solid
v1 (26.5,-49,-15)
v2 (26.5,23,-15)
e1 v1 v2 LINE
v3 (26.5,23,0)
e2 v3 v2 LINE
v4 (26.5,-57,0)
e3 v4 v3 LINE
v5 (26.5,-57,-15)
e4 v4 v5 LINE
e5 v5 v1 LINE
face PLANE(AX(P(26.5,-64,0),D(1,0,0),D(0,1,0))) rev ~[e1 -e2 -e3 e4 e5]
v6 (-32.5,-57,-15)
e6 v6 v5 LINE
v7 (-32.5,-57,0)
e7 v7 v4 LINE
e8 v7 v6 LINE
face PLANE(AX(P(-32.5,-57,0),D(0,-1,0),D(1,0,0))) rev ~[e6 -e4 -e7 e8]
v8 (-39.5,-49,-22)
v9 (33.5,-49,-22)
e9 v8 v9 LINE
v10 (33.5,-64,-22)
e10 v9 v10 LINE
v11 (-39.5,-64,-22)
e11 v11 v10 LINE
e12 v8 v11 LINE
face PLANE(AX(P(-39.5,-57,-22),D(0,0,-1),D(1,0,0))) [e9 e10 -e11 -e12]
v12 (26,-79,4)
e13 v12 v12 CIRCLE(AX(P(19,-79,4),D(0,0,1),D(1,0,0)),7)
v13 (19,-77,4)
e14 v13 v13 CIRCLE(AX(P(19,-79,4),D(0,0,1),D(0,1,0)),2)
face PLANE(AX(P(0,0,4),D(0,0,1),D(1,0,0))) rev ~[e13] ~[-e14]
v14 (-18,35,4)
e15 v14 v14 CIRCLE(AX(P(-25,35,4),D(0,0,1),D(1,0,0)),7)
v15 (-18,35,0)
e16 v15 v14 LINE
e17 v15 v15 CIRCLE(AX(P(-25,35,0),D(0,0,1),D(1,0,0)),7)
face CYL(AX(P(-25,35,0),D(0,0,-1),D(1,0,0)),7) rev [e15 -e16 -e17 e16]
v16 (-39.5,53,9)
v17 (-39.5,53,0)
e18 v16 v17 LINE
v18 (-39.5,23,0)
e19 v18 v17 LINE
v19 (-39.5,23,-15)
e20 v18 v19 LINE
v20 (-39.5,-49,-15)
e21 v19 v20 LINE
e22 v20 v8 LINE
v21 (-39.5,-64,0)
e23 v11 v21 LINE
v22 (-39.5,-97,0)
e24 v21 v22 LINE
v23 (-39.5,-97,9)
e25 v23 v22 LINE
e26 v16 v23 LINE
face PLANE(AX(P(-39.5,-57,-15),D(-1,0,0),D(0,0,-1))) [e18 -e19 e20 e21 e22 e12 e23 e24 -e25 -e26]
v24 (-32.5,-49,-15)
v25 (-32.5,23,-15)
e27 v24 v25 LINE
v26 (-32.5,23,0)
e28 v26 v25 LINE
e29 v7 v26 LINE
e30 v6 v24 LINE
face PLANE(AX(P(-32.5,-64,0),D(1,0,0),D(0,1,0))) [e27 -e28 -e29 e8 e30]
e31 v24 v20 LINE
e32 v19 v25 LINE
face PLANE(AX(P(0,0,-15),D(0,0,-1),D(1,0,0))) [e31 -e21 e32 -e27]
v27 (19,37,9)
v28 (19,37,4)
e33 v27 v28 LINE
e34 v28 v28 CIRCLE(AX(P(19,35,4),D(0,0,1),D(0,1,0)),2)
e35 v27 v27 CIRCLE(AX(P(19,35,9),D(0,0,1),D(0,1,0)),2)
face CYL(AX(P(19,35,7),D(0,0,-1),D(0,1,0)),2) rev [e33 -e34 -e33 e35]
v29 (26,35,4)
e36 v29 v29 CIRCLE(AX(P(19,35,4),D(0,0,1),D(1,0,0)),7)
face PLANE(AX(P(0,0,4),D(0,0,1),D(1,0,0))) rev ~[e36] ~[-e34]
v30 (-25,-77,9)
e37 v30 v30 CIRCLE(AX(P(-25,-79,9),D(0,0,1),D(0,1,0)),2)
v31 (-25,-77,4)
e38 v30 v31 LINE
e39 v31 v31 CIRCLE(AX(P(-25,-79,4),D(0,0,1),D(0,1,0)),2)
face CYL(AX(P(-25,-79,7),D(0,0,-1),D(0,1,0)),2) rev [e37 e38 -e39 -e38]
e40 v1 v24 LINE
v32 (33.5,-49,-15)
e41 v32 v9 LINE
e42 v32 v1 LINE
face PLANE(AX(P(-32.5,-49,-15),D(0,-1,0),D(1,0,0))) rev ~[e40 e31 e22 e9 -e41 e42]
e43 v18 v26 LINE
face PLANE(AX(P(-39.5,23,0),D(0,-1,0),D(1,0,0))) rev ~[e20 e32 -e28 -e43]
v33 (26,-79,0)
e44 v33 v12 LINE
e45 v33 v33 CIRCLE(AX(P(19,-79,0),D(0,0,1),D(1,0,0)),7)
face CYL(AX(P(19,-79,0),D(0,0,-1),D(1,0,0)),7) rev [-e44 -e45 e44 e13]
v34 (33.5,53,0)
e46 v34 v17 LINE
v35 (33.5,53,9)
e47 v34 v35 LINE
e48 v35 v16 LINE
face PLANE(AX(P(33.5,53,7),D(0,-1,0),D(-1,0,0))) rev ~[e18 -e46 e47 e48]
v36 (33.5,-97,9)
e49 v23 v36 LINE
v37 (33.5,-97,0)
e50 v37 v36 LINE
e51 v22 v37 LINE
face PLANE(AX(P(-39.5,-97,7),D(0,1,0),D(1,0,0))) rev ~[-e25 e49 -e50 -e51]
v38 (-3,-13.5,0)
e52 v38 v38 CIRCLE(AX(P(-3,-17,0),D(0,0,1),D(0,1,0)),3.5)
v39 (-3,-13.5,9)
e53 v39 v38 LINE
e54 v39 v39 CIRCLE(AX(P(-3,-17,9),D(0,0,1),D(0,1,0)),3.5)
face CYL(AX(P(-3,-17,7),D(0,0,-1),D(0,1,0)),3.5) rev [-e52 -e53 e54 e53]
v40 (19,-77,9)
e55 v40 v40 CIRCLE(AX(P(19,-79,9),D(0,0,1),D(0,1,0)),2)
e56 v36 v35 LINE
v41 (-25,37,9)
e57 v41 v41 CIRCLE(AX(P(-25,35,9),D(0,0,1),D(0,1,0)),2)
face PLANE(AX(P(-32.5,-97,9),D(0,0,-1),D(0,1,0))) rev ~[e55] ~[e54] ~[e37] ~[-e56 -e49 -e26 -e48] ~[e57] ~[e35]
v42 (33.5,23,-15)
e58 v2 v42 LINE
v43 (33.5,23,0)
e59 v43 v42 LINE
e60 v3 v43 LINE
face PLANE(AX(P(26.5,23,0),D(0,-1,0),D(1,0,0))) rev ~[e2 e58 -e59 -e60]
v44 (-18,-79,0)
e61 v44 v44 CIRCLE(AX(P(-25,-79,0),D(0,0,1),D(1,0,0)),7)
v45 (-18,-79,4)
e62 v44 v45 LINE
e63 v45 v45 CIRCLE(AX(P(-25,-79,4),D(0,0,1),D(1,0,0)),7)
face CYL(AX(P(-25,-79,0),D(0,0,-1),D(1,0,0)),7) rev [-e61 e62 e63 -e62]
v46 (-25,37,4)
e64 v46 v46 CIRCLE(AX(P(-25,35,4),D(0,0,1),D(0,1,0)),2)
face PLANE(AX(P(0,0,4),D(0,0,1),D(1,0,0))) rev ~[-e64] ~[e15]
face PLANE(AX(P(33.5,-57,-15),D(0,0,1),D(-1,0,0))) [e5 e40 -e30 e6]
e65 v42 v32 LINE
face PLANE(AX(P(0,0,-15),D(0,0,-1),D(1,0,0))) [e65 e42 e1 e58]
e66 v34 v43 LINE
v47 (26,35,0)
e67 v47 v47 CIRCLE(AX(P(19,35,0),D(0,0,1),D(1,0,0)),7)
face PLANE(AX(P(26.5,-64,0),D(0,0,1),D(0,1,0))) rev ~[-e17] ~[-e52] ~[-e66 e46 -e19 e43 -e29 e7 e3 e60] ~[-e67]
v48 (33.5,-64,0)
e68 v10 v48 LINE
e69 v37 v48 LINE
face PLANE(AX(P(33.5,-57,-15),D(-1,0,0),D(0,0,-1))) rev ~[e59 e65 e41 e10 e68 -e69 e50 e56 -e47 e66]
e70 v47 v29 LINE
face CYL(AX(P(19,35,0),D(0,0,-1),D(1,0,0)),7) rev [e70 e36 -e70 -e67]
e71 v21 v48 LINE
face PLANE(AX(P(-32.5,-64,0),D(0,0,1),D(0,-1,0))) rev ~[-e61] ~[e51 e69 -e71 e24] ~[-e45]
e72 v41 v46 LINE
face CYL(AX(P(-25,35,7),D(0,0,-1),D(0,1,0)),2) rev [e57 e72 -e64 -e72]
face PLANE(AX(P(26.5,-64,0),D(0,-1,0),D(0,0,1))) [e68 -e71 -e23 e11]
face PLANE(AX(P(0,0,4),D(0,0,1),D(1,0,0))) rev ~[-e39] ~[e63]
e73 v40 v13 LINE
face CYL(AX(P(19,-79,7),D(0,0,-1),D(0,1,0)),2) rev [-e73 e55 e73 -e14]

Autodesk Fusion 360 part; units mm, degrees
sketch "Sketch1" plane through (0, 0, 0) normal (0, 0, 1) x (1, 0, 0)
  line L0 (-25, 35) -> (19, 35)
  line L1 (19, 35) -> (19, -79)
  line L2 (19, -79) -> (-25, -79)
  line L3 (-25, -79) -> (-25, 35)
  line L4 (-25, 35) -> (-32.5, 35)
  line L5 (-32.5, 35) -> (-32.5, 42.5)
  line L6 (-32.5, 42.5) -> (-25, 42.5)
  line L7 (-25, 42.5) -> (-25, 35)
  line L8 (-32.5, 42.5) -> (26.5, 42.5)
  line L9 (26.5, 42.5) -> (26.5, -86.5)
  line L10 (26.5, -86.5) -> (-32.5, -86.5)
  line L11 (-32.5, -86.5) -> (-32.5, 42.5)
  dimension "d1" = 44
  dimension "d2" = 114
  dimension "d3" = 7.5
  dimension "d4" = 7.5
  dimension "d5" = 59
  dimension "d6" = 129
extrude "Extrude1" add sketch "Sketch1" along normal blind 7 contours L0 L1 L2 L3 | L4 L7 L8 L9 L10 L11 | L4 L5 L6 L7 L8 L11 makes body 1
sketch "Sketch2" plane through (0, 0, 0) normal (0, 0, 1) x (1, 0, 0)
  circle A0 centre (-25, -79) radius 7
  circle A1 centre (19, -79) radius 7
  circle A2 centre (19, 35) radius 7
  circle A3 centre (-25, 35) radius 7
  point P0 (-25, -79)
  point P1 (19, -79)
  point P2 (19, 35)
  point P3 (-25, 35)
  dimension "d9" = 14
  dimension "d10" = 14
  dimension "d11" = 14
  dimension "d12" = 14
extrude "Extrude2" cut sketch "Sketch2" along normal blind 4 contours A0 bodies 1
extrude "Extrude3" cut sketch "Sketch2" along normal blind 4 contours A1 bodies 1
extrude "Extrude4" cut sketch "Sketch2" along normal blind 4 contours A3 bodies 1
extrude "Extrude5" cut sketch "Sketch2" along normal blind 4 contours A2 bodies 1
sketch "Sketch3" plane through (0, 0, 0) normal (0, 0, 1) x (1, 0, 0)
hole "Hole1" at (-25, -79, 4) direction (0, 0, 1) diameter 4 depth 10 tip angle 118 bodies 1
hole "Hole2" at (19, -79, 4) direction (0, 0, 1) diameter 4 depth 10 tip angle 118 bodies 1
hole "Hole3" at (19, 35, 4) direction (0, 0, 1) diameter 4 depth 10 tip angle 118 bodies 1
hole "Hole4" at (-25, 35, 4) direction (0, 0, 1) diameter 4 depth 10 tip angle 118 bodies 1
extrude "Extrude6" add 1 faces at (-12.8333, 42.5, 2.3333) along direction (0, 1, 0) blind 10.5 on bodies 1 bodies 1
extrude "Extrude7" add 1 faces at (6.8333, -86.5, 2.3333) along direction (0, -1, 0) blind 10.5 on bodies 1 bodies 1
sketch "Sketch4" plane through (0, 0, 0) normal (0, 0, -1) x (1, 0, 0)
  circle A0 centre (19, -35) radius 7
  circle A1 centre (-25, -35) radius 7
  circle A2 centre (19, 79) radius 7
  circle A3 centre (-25, 79) radius 7
  line L0 (-32.5, 97) -> (-32.5, -53)
  line L1 (-32.5, -53) -> (26.5, -53)
  line L2 (26.5, -53) -> (26.5, 97)
  line L3 (26.5, 97) -> (-32.5, 97)
  line L4 (-32.5, -53) -> (26.5, -53)
  line L5 (26.5, -53) -> (26.5, 17)
  line L6 (26.5, 17) -> (-32.5, 17)
  line L7 (-32.5, 17) -> (-32.5, -53)
  line L8 (-32.5, 17) -> (-3, 17)
  line L9 (26.5, 17) -> (-3, 17)
  dimension "d37" = 70
hole "Hole5" at (-3, -17, 0) direction (0, 0, 1) diameter 7 depth 10 tip angle 118 bodies 1
sketch "Sketch5" plane through (0, 0, 0) normal (0, 0, -1) x (1, 0, 0)
  line L0 (26.5, 17) -> (-32.5, 17)
  line L1 (-32.5, 17) -> (-32.5, -23)
  line L2 (-32.5, -23) -> (26.5, -23)
  line L3 (26.5, -23) -> (26.5, 17)
  point P0 (26.5, 17)
  dimension "d41" = 59
  dimension "d42" = 40
sketch "Sketch6" plane through (0, 0, 7) normal (0, 0, 1) x (-1, 0, 0)
  circle A0 centre (3, 17) radius 3.5
  circle A1 centre (25, -35) radius 2
  circle A2 centre (-19, -35) radius 2
  circle A3 centre (-19, 79) radius 2
  circle A4 centre (25, 79) radius 2
  line L0 (-26.5, 97) -> (-26.5, -53)
  line L1 (-26.5, -53) -> (32.5, -53)
  line L2 (32.5, -53) -> (32.5, 97)
  line L3 (32.5, 97) -> (-26.5, 97)
  line L4 (-26.5, 17) -> (32.5, 17)
  line L5 (32.5, 17) -> (32.5, 57)
  line L6 (32.5, 57) -> (-26.5, 57)
  line L7 (-26.5, 57) -> (-26.5, 17)
  line L8 (32.5, 57) -> (-26.5, 57)
  line L9 (-26.5, 57) -> (-26.5, 64)
  line L10 (-26.5, 64) -> (32.5, 64)
  line L11 (32.5, 64) -> (32.5, 57)
  point P0 (-26.5, 17)
  dimension "d43" = 40
  dimension "d44" = 7
sketch "Sketch7" plane through (-32.5, 0, 0) normal (-1, 0, 0) x (0, -1, 0)
  line L0 (-53, 0) -> (97, 0)
  line L1 (97, 0) -> (97, 7)
  line L2 (97, 7) -> (-53, 7)
  line L3 (-53, 7) -> (-53, 0)
  line L4 (57, 7) -> (64, 7)
  line L5 (64, 7) -> (64, 0)
  line L6 (64, 0) -> (57, 0)
  line L7 (57, 0) -> (57, 7)
  point P0 (57, 7)
sketch "Sketch8" plane through (26.5, 0, 0) normal (1, 0, 0) x (0, 1, 0)
  line L0 (-97, 0) -> (53, 0)
  line L1 (53, 0) -> (53, 7)
  line L2 (53, 7) -> (-97, 7)
  line L3 (-97, 7) -> (-97, 0)
  line L4 (-64, 7) -> (-57, 7)
  line L5 (-57, 7) -> (-57, 0)
  line L6 (-57, 0) -> (-64, 0)
  line L7 (-64, 0) -> (-64, 7)
  point P0 (-64, 7)
  point P1 (-57, 0)
extrude "Extrude8" add sketch "Sketch8" along normal blind 7 separate body contours L0 L2 L4 L5 L6 L7 | L0 L1 L2 L5 makes body 2
sketch "Sketch9" plane through (0, 0, 0) normal (0, 0, -1) x (1, 0, 0)
  line L0 (-32.5, 57) -> (26.5, 57)
  line L1 (26.5, 57) -> (26.5, 64)
  line L2 (26.5, 64) -> (-32.5, 64)
  line L3 (-32.5, 64) -> (-32.5, 57)
  point P0 (-32.5, 57)
  point P1 (26.5, 64)
extrude "Extrude9" add sketch "Sketch7" along normal blind 7 separate body contours L0 L2 L3 L7 | L0 L2 L4 L5 L6 L7 makes body 3
sketch "Sketch10" plane through (0, 0, 0) normal (0, 0, -1) x (1, 0, 0)
  line L0 (26.5, 64) -> (26.5, -53)
  line L1 (26.5, -53) -> (33.5, -53)
  line L2 (33.5, -53) -> (33.5, 64)
  line L3 (33.5, 64) -> (26.5, 64)
  line L4 (-32.5, -53) -> (-39.5, -53)
  line L5 (-39.5, -53) -> (-39.5, -23)
  line L6 (-39.5, -23) -> (-32.5, -23)
  line L7 (-32.5, -23) -> (-32.5, -53)
  line L8 (33.5, -53) -> (26.5, -53)
  line L9 (26.5, -53) -> (26.5, -23)
  line L10 (26.5, -23) -> (33.5, -23)
  line L11 (33.5, -23) -> (33.5, -53)
  line L12 (-32.5, -23) -> (-39.5, -23)
  line L13 (-39.5, -23) -> (-39.5, 64)
  line L14 (-39.5, 64) -> (-32.5, 64)
  line L15 (-32.5, 64) -> (-32.5, -23)
  line L16 (33.5, -23) -> (26.5, -23)
  line L17 (26.5, -23) -> (26.5, 64)
  line L18 (26.5, 64) -> (33.5, 64)
  line L19 (33.5, 64) -> (33.5, -23)
  point P0 (-32.5, -53)
  point P1 (26.5, -23)
  point P2 (-39.5, 64)
  dimension "d49" = 30
extrude "Extrude10" add sketch "Sketch9" sketch "Sketch10" along normal blind 15 of sketch 2 contours L0 L2 L3 L10 L16 L17 L18 L19 | L6 L12 L13 L14 L15 bodies 1 2 3
extrude "Extrude11" add sketch "Sketch8" along normal blind 7 contours L0 L2 L3 L7 bodies 1
extrude "Extrude12" add sketch "Sketch7" along normal blind 7 contours L0 L1 L2 L5 bodies 1
extrude "Extrude13" add 1 faces at (-3, -58.4478, 7) along direction (0, 0, 1) blind 2 on bodies 1 bodies 1
sketch "Sketch11" plane through (0, 0, -15) normal (0, 0, -1) x (1, 0, 0)
  line L0 (-32.5, 57) -> (26.5, 57)
  line L1 (26.5, 57) -> (26.5, -23)
  line L2 (26.5, -23) -> (33.5, -23)
  line L3 (33.5, -23) -> (33.5, 64)
  line L4 (33.5, 64) -> (-39.5, 64)
  line L5 (-39.5, 64) -> (-39.5, -23)
  line L6 (-39.5, -23) -> (-32.5, -23)
  line L7 (-32.5, -23) -> (-32.5, 57)
  line L8 (-32.5, 57) -> (-39.5, 57)
  line L9 (-39.5, 57) -> (-39.5, 64)
  line L10 (-39.5, 64) -> (-32.5, 64)
  line L11 (-32.5, 64) -> (-32.5, 57)
  line L12 (26.5, 57) -> (33.5, 57)
  line L13 (33.5, 57) -> (33.5, 64)
  line L14 (33.5, 64) -> (26.5, 64)
  line L15 (26.5, 64) -> (26.5, 57)
  line L16 (26.5, 57) -> (-32.5, 57)
  line L17 (-32.5, 57) -> (-32.5, 64)
  line L18 (-32.5, 64) -> (26.5, 64)
  line L19 (26.5, 64) -> (26.5, 57)
  line L20 (33.5, 57) -> (-39.5, 57)
  line L21 (-39.5, 57) -> (-39.5, 49)
  line L22 (-39.5, 49) -> (33.5, 49)
  line L23 (33.5, 49) -> (33.5, 57)
  dimension "d58" = 8
extrude "Extrude14" add sketch "Sketch11" along normal blind 7 separate body contours L0 L4 L11 L15 L16 L17 L18 L19 L20 | L4 L5 L8 L9 L10 L11 L17 L20 | L3 L4 L12 L13 L14 L15 L19 L20 makes body 4
extrude "Extrude15" add 3 faces at (-34.8333, -57, -17.3333) (-12.8333, -57, -17.3333) (28.8333, -57, -17.3333) along direction (0, 1, 0) blind 8 on bodies 4 bodies 1 4
